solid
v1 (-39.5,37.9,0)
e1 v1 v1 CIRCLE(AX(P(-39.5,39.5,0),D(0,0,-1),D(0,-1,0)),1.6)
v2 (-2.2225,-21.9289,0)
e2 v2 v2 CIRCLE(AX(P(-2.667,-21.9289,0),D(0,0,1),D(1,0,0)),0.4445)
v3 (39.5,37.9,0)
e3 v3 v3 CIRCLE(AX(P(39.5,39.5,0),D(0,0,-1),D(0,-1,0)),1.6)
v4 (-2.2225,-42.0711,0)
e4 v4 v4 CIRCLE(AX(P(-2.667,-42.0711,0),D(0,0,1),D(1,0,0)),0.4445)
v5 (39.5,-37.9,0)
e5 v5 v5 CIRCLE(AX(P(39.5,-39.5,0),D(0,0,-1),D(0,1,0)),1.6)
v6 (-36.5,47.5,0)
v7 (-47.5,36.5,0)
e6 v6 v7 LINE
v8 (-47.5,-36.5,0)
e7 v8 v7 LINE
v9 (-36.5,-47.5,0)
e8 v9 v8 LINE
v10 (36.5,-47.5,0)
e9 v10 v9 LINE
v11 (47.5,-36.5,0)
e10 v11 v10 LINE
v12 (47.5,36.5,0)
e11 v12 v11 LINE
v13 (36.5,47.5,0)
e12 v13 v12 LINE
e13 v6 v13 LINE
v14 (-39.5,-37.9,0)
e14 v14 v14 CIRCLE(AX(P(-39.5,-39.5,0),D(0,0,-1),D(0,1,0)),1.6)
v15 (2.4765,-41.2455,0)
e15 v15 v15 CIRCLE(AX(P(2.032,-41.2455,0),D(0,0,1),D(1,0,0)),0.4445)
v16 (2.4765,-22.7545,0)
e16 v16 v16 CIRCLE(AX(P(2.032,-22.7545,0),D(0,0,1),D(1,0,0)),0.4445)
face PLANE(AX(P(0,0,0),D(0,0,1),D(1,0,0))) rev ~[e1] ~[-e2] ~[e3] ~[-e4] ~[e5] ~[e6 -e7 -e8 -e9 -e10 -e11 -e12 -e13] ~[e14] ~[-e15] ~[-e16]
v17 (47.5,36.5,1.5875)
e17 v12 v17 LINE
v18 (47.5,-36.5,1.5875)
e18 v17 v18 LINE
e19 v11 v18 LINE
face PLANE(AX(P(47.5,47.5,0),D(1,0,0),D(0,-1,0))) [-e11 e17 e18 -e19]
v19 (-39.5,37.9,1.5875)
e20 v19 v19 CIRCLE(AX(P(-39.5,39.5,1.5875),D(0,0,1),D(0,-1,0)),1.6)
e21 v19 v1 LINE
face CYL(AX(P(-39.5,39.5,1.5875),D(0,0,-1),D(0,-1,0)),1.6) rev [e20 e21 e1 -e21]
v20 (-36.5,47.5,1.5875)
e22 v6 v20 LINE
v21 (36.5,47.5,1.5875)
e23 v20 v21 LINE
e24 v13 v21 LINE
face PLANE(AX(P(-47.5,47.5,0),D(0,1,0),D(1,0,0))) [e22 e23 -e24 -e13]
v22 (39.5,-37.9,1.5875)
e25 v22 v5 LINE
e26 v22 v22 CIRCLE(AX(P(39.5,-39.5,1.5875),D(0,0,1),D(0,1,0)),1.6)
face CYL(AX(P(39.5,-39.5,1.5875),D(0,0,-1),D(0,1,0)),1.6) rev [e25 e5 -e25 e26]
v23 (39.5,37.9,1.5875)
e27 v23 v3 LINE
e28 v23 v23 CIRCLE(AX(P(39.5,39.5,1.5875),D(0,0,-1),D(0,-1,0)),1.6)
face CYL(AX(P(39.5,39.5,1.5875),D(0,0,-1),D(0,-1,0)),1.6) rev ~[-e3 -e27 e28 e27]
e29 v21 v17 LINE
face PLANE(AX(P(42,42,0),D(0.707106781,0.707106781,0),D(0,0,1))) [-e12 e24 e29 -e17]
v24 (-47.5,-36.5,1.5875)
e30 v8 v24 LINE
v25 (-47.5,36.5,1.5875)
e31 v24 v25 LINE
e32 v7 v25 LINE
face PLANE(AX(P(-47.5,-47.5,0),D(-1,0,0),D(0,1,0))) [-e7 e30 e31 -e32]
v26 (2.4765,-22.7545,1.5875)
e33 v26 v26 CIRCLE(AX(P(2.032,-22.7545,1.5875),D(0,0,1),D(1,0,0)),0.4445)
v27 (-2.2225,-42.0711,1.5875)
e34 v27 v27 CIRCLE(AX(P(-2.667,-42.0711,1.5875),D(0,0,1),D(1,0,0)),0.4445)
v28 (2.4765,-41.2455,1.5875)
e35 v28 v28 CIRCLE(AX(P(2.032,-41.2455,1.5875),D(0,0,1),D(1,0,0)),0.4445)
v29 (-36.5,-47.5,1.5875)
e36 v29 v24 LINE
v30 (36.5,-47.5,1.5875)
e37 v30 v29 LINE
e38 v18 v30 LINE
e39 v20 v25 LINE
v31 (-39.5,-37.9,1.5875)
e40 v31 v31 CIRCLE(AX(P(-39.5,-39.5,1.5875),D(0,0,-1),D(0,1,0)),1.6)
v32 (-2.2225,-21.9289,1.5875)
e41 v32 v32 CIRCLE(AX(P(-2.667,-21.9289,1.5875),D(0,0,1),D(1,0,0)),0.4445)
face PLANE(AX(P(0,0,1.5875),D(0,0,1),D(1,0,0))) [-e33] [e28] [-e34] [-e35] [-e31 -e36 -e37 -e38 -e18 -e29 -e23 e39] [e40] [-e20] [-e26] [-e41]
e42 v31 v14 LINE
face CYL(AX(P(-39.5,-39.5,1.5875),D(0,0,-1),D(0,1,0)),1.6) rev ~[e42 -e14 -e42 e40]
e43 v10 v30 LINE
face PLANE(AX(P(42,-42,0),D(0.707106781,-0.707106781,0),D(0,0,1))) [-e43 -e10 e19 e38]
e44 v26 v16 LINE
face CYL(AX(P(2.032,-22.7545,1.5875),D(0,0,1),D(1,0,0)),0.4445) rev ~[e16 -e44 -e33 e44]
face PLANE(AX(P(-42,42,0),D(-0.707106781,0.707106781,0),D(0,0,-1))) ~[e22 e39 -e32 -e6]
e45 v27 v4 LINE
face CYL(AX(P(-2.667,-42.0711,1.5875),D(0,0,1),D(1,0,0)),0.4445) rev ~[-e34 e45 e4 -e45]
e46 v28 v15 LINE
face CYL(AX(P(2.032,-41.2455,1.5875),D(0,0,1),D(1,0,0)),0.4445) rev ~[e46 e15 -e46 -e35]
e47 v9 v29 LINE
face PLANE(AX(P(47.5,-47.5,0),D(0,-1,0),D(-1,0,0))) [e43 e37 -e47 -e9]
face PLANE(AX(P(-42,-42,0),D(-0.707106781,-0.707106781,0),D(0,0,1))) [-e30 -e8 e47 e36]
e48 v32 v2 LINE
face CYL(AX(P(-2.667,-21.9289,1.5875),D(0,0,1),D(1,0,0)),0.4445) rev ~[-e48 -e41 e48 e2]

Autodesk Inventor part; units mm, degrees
sketch "AL_spacer_contact_Zminus" plane through (0, 0, 0) normal (0, 0, 1) x (1, 0, 0)
  circle A0 centre (39.5, 39.5) radius 3.175
  circle A1 centre (39.5, -39.5) radius 3.175
  circle A2 centre (-39.5, -39.5) radius 3.175
  circle A3 centre (-39.5, 39.5) radius 3.175
  point P0 (0, 0)
  dimension "d228" = 39.5
  dimension "d229" = 39.5
  dimension "d230" = 39.5
  dimension "d231" = 39.5
  dimension "d232" = 39.5
  dimension "d233" = 39.5
  dimension "d234" = 39.5
  dimension "d235" = 39.5
  dimension "d236" = 6.35
sketch "Delrin_stayout_Zminus" plane through (0, 0, 0) normal (0, 0, 1) x (1, 0, 0)
  line L0 (47.5, 39.5) -> (47.5, 31)
  line L1 (47.5, 31) -> (39.5, 31)
  line L2 (39.5, 31) -> (31, 39.5)
  line L3 (31, 39.5) -> (31, 47.5)
  line L4 (31, 47.5) -> (39.5, 47.5)
  line L5 (39.5, 47.5) -> (47.5, 39.5)
  line L6 (-39.5, 47.5) -> (-47.5, 39.5)
  line L7 (-47.5, 39.5) -> (-47.5, 31)
  line L8 (-47.5, 31) -> (-39.5, 31)
  line L9 (-39.5, 31) -> (-31, 39.5)
  line L10 (-31, 39.5) -> (-31, 47.5)
  line L11 (-31, 47.5) -> (-39.5, 47.5)
  line L12 (47.5, -39.5) -> (39.5, -47.5)
  line L13 (39.5, -47.5) -> (31, -47.5)
  line L14 (31, -47.5) -> (31, -39.5)
  line L15 (31, -39.5) -> (39.5, -31)
  line L16 (39.5, -31) -> (47.5, -31)
  line L17 (47.5, -31) -> (47.5, -39.5)
  line L18 (-39.5, -47.5) -> (-47.5, -39.5)
  line L19 (-47.5, -39.5) -> (-47.5, -31)
  line L20 (-47.5, -31) -> (-39.5, -31)
  line L21 (-39.5, -31) -> (-31, -39.5)
  line L22 (-31, -39.5) -> (-31, -47.5)
  line L23 (-31, -47.5) -> (-39.5, -47.5)
  point P0 (0, 0)
  dimension "d243" = 16.5
  dimension "d244" = 8
  dimension "d245" = 8.5
  dimension "d246" = 16.5
  dimension "d247" = 47.5
  dimension "d248" = 47.5
  dimension "d249" = 47.5
  dimension "d250" = 47.5
  dimension "d251" = 47.5
  dimension "d252" = 47.5
  dimension "d253" = 47.5
  dimension "d254" = 47.5
sketch "Nub_stayout_Zminus" plane through (0, 0, 0) normal (0, 0, 1) x (1, 0, 0)
  line L0 (29, 47.5) -> (39.5, 47.5)
  line L1 (39.5, 47.5) -> (47.5, 39.5)
  line L2 (47.5, 39.5) -> (47.5, 29)
  line L3 (47.5, 29) -> (42, 29)
  line L4 (42, 29) -> (42, 40.4125)
  line L5 (40.4125, 42) -> (29, 42)
  line L6 (29, 42) -> (29, 47.5)
  arc A0 (42, 40.4125) -> (40.4125, 42) centre (40.4125, 40.4125) ccw
  line L7 (-29, 47.5) -> (-39.5, 47.5)
  line L8 (-39.5, 47.5) -> (-47.5, 39.5)
  line L9 (-47.5, 39.5) -> (-47.5, 29)
  line L10 (-47.5, 29) -> (-42, 29)
  line L11 (-42, 29) -> (-42, 40.4125)
  line L12 (-40.4125, 42) -> (-29, 42)
  line L13 (-29, 42) -> (-29, 47.5)
  arc A1 (-40.4125, 42) -> (-42, 40.4125) centre (-40.4125, 40.4125) ccw
  line L14 (-47.5, -29) -> (-42, -29)
  line L15 (-42, -29) -> (-42, -40.4125)
  line L16 (-40.4125, -42) -> (-29, -42)
  line L17 (-29, -42) -> (-29, -47.5)
  line L18 (-29, -47.5) -> (-39.5, -47.5)
  line L19 (-39.5, -47.5) -> (-47.5, -39.5)
  line L20 (-47.5, -39.5) -> (-47.5, -29)
  arc A2 (-42, -40.4125) -> (-40.4125, -42) centre (-40.4125, -40.4125) ccw
  line L21 (47.5, -29) -> (42, -29)
  line L22 (42, -29) -> (42, -40.4125)
  line L23 (40.4125, -42) -> (29, -42)
  line L24 (29, -42) -> (29, -47.5)
  line L25 (29, -47.5) -> (39.5, -47.5)
  line L26 (39.5, -47.5) -> (47.5, -39.5)
  line L27 (47.5, -39.5) -> (47.5, -29)
  arc A3 (40.4125, -42) -> (42, -40.4125) centre (40.4125, -40.4125) ccw
  point P0 (0, 0)
  dimension "d255" = 1.5875
  dimension "d256" = 18.5
  dimension "d257" = 8
  dimension "d258" = 5.5
  dimension "d259" = 47.5
  dimension "d260" = 47.5
  dimension "d264" = 1.5875
  dimension "d265" = 47.5
  dimension "d266" = 47.5
  dimension "d267" = 1.5875
  dimension "d268" = 47.5
  dimension "d269" = 47.5
  dimension "d270" = 1.5875
  dimension "d271" = 47.5
  dimension "d272" = 47.5
ref_plane "Zplus_face" through (0, 0, 1.5875) normal (0, 0, 1) x (1, 0, 0)
sketch "AL_spacer_contact_Zplus" plane through (0, 0, 1.5875) normal (0, 0, 1) x (1, 0, 0)
  circle A0 centre (-39.5, 39.5) radius 3.175
  circle A1 centre (-39.5, -39.5) radius 3.175
  circle A2 centre (39.5, -39.5) radius 3.175
  circle A3 centre (39.5, 39.5) radius 3.175
  point P0 (0, 0)
  dimension "d129" = 39.5
  dimension "d130" = 39.5
  dimension "d131" = 39.5
  dimension "d132" = 39.5
  dimension "d133" = 6.35
sketch "Delrin_stayout_Zplus" plane through (0, 0, 1.5875) normal (0, 0, 1) x (1, 0, 0)
  line L0 (47.5, -31) -> (47.5, -39.5)
  line L1 (47.5, -39.5) -> (39.5, -47.5)
  line L2 (39.5, -47.5) -> (31, -47.5)
  line L3 (31, -47.5) -> (31, -39.5)
  line L4 (31, -39.5) -> (39.5, -31)
  line L5 (39.5, -31) -> (47.5, -31)
  line L6 (47.5, 31) -> (47.5, 39.5)
  line L7 (47.5, 39.5) -> (39.5, 47.5)
  line L8 (39.5, 47.5) -> (31, 47.5)
  line L9 (31, 47.5) -> (31, 39.5)
  line L10 (31, 39.5) -> (39.5, 31)
  line L11 (39.5, 31) -> (47.5, 31)
  line L12 (-39.5, 47.5) -> (-47.5, 39.5)
  line L13 (-47.5, 39.5) -> (-47.5, 31)
  line L14 (-47.5, 31) -> (-39.5, 31)
  line L15 (-39.5, 31) -> (-31, 39.5)
  line L16 (-31, 39.5) -> (-31, 47.5)
  line L17 (-31, 47.5) -> (-39.5, 47.5)
  line L18 (-47.5, -39.5) -> (-39.5, -47.5)
  line L19 (-39.5, -47.5) -> (-31, -47.5)
  line L20 (-31, -47.5) -> (-31, -39.5)
  line L21 (-31, -39.5) -> (-39.5, -31)
  line L22 (-39.5, -31) -> (-47.5, -31)
  line L23 (-47.5, -31) -> (-47.5, -39.5)
  point P0 (0, 0)
  dimension "d115" = 16.5
  dimension "d116" = 16.5
  dimension "d117" = 8
  dimension "d118" = 8.5
  dimension "d121" = 47.5
  dimension "d122" = 47.5
  dimension "d123" = 47.5
  dimension "d124" = 47.5
  dimension "d125" = 47.5
  dimension "d126" = 47.5
  dimension "d127" = 47.5
  dimension "d128" = 47.5
sketch "Nub_stayout_Zplus" plane through (0, 0, 1.5875) normal (0, 0, 1) x (1, 0, 0)
  line L0 (47.5, 29) -> (42, 29)
  line L1 (42, 29) -> (42, 40.4125)
  line L2 (40.4125, 42) -> (29, 42)
  line L3 (29, 42) -> (29, 47.5)
  arc A0 (42, 40.4125) -> (40.4125, 42) centre (40.4125, 40.4125) ccw
  line L4 (29, 47.5) -> (39.5, 47.5)
  line L5 (39.5, 47.5) -> (47.5, 39.5)
  line L6 (47.5, 39.5) -> (47.5, 29)
  line L7 (-39.5, 47.5) -> (-29, 47.5)
  line L8 (-29, 47.5) -> (-29, 42)
  line L9 (-29, 42) -> (-40.4125, 42)
  line L10 (-42, 40.4125) -> (-42, 29)
  line L11 (-42, 29) -> (-47.5, 29)
  line L12 (-47.5, 29) -> (-47.5, 39.5)
  line L13 (-47.5, 39.5) -> (-39.5, 47.5)
  arc A1 (-40.4125, 42) -> (-42, 40.4125) centre (-40.4125, 40.4125) ccw
  line L14 (-47.5, -29) -> (-47.5, -39.5)
  line L15 (-47.5, -39.5) -> (-39.5, -47.5)
  line L16 (-39.5, -47.5) -> (-29, -47.5)
  line L17 (-29, -47.5) -> (-29, -42)
  line L18 (-29, -42) -> (-40.4125, -42)
  line L19 (-42, -40.4125) -> (-42, -29)
  line L20 (-42, -29) -> (-47.5, -29)
  arc A2 (-42, -40.4125) -> (-40.4125, -42) centre (-40.4125, -40.4125) ccw
  line L21 (29, -47.5) -> (39.5, -47.5)
  line L22 (39.5, -47.5) -> (47.5, -39.5)
  line L23 (47.5, -39.5) -> (47.5, -29)
  line L24 (47.5, -29) -> (42, -29)
  line L25 (42, -29) -> (42, -40.4125)
  line L26 (40.4125, -42) -> (29, -42)
  line L27 (29, -42) -> (29, -47.5)
  arc A3 (40.4125, -42) -> (42, -40.4125) centre (40.4125, -40.4125) ccw
  point P0 (0, 0)
  dimension "d146" = 1.5875
  dimension "d147" = 5.5
  dimension "d149" = 18.5
  dimension "d150" = 8
  dimension "d151" = 47.5
  dimension "d152" = 47.5
  dimension "d153" = 1.5875
  dimension "d154" = 47.5
  dimension "d155" = 47.5
  dimension "d156" = 1.5875
  dimension "d157" = 47.5
  dimension "d158" = 47.5
  dimension "d159" = 1.5875
  dimension "d160" = 47.5
  dimension "d161" = 47.5
sketch "Sketch1" plane through (0, 0, 0) normal (0, 0, 1) x (1, 0, 0)
  line L0 (-47.5, 47.5) -> (47.5, 47.5)
  line L1 (47.5, 47.5) -> (47.5, -47.5)
  line L2 (47.5, -47.5) -> (-47.5, -47.5)
  line L3 (-47.5, -47.5) -> (-47.5, 47.5)
  point P0 (0, 0)
  dimension "d0" = 95
  dimension "d1" = 95
  dimension "d2" = 47.5
  dimension "d3" = 47.5
extrude "Extrusion1" add sketch "Sketch1" along normal blind 1.5875
chamfer "Chamfer2" distance 11 angle 45 4 edges at (-47.5, -47.5, 0.7937) (47.5, -47.5, 0.7937) (47.5, 47.5, 0.7937) (-47.5, 47.5, 0.7937)
ref_plane "Work Plane_ConnX" through (-32, 0, 0) normal (1, 0, 0) x (0, 1, 0)
ref_plane "Work Plane_ConnY" through (0, 0, 0) normal (0, 1, 0) x (-1, 0, 0)
sketch "Sketch9" plane through (0, 0, 1.5875) normal (0, 0, 1) x (1, 0, 0)
  line L0 (47.5, 47.5) -> (47.5, -47.5) projected
  line L1 (58.5598, -32) -> (-58.5598, -32)
  circle A0 centre (-2.667, -21.9289) radius 0.4445
  circle A1 centre (-2.667, -42.0711) radius 0.4445
  line L2 (0, 26.5598) -> (0, -90.5598) construction
  point P0 (0, 0)
  point P1 (0, -32)
  dimension "d134" = 20.1422
  dimension "d136" = 2.667
  dimension "d138" = 0.889
  dimension "d141" = 180
  dimension "d350" = 32
  dimension "d351" = 0
extrude "Holes_Conn_Zminus" cut sketch "Sketch9" against normal through all
sketch "Sketch22" plane through (0, 0, 1.5875) normal (0, 0, 1) x (1, 0, 0)
  line L0 (47.5, 36.5) -> (47.5, -36.5) projected
  line L1 (0, -1.0026) -> (0, -62.9974) construction
  line L2 (62.8115, -32) -> (-62.8115, -32)
  circle A0 centre (2.032, -22.7545) radius 0.4445
  circle A1 centre (2.032, -41.2455) radius 0.4445
  point P0 (0, 0)
  point P1 (0, -32)
  dimension "d282" = 180
  dimension "d283" = 18.491
  dimension "d284" = 0.889
  dimension "d285" = 2.032
  dimension "d352" = 32
  dimension "d353" = 0
extrude "Holes_Conn_Zplus" cut sketch "Sketch22" against normal through all
hole "Hole5" at (39.5, 39.5, 1.5875) direction (0, 0, -1) diameter 3.2 end through all
mirror "Mirror5" about plane through (0, 0, 0) normal (1, 0, 0) of "Hole5"
mirror "Mirror6" about plane through (0, 0, 0) normal (0, 1, 0) of "Hole5", "Mirror5"
sketch "Sketch25" plane through (0, 0, 1.5875) normal (0, 0, 1) x (1, 0, 0)
  circle A0 centre (-39.5, -39.5) radius 1.6 projected
  circle A1 centre (39.5, -39.5) radius 1.6 projected
  circle A2 centre (-39.5, 39.5) radius 1.6 projected
  circle A3 centre (39.5, 39.5) radius 1.6 projected
  line L0 (36.5, -47.5) -> (-36.5, -47.5) projected
  line L1 (0, 0) -> (0, -59.2198)
  line L2 (8, -47.5) -> (8, -15.5)
  line L3 (8, -15.5) -> (-8, -15.5)
  line L4 (-8, -15.5) -> (-8, -47.5)
  line L5 (-8, -47.5) -> (-62.7516, -61.7336)
  line L6 (-62.7516, -61.7336) -> (-64.2933, 68.2222)
  line L7 (-64.2933, 68.2222) -> (58.3572, 62.5728)
  line L8 (58.3572, 62.5728) -> (56.5848, -69.017)
  line L9 (56.5848, -69.017) -> (8, -47.5)
  dimension "d362" = 16
  dimension "d363" = 32
extrude "Extrusion9" [suppressed]
sketch "Sketch26" plane through (0, 0, 1.5875) normal (0, 0, 1) x (1, 0, 0)
  line L0 (-47.5, -36.5) -> (-47.5, 36.5) projected
  line L1 (36.5, -47.5) -> (-36.5, -47.5) projected
  line L2 (47.5, 36.5) -> (47.5, -36.5) projected
  line L3 (-36.5, 47.5) -> (36.5, 47.5) projected
  line L4 (-47.5, 47.5) -> (47.5, 47.5) construction
  line L5 (47.5, 47.5) -> (47.5, -47.5) construction
  line L6 (47.5, -47.5) -> (-47.5, -47.5) construction
  line L7 (-47.5, -47.5) -> (-47.5, 47.5) construction
  point P0 (0, 0)
decal "Decal1"
sketch "Sketch27" plane through (0, 0, 0) normal (0, 0, -1) x (-1, 0, 0)
  line L0 (36.5, 47.5) -> (-36.5, 47.5) projected
  line L1 (-47.5, 36.5) -> (-47.5, -36.5) projected
  line L2 (-36.5, -47.5) -> (36.5, -47.5) projected
  line L3 (47.5, -36.5) -> (47.5, 36.5) projected
  line L4 (-47.5548, 47.4451) -> (47.5, 47.5) construction
  line L5 (47.5, 47.5) -> (47.5548, -47.4451) construction
  line L6 (47.5548, -47.4451) -> (-47.5, -47.5) construction
  line L7 (-47.5, -47.5) -> (-47.5548, 47.4451) construction
  point P0 (0, 0)
decal "Decal2"
properties part number "PCB_Batt1" material "FR4"
